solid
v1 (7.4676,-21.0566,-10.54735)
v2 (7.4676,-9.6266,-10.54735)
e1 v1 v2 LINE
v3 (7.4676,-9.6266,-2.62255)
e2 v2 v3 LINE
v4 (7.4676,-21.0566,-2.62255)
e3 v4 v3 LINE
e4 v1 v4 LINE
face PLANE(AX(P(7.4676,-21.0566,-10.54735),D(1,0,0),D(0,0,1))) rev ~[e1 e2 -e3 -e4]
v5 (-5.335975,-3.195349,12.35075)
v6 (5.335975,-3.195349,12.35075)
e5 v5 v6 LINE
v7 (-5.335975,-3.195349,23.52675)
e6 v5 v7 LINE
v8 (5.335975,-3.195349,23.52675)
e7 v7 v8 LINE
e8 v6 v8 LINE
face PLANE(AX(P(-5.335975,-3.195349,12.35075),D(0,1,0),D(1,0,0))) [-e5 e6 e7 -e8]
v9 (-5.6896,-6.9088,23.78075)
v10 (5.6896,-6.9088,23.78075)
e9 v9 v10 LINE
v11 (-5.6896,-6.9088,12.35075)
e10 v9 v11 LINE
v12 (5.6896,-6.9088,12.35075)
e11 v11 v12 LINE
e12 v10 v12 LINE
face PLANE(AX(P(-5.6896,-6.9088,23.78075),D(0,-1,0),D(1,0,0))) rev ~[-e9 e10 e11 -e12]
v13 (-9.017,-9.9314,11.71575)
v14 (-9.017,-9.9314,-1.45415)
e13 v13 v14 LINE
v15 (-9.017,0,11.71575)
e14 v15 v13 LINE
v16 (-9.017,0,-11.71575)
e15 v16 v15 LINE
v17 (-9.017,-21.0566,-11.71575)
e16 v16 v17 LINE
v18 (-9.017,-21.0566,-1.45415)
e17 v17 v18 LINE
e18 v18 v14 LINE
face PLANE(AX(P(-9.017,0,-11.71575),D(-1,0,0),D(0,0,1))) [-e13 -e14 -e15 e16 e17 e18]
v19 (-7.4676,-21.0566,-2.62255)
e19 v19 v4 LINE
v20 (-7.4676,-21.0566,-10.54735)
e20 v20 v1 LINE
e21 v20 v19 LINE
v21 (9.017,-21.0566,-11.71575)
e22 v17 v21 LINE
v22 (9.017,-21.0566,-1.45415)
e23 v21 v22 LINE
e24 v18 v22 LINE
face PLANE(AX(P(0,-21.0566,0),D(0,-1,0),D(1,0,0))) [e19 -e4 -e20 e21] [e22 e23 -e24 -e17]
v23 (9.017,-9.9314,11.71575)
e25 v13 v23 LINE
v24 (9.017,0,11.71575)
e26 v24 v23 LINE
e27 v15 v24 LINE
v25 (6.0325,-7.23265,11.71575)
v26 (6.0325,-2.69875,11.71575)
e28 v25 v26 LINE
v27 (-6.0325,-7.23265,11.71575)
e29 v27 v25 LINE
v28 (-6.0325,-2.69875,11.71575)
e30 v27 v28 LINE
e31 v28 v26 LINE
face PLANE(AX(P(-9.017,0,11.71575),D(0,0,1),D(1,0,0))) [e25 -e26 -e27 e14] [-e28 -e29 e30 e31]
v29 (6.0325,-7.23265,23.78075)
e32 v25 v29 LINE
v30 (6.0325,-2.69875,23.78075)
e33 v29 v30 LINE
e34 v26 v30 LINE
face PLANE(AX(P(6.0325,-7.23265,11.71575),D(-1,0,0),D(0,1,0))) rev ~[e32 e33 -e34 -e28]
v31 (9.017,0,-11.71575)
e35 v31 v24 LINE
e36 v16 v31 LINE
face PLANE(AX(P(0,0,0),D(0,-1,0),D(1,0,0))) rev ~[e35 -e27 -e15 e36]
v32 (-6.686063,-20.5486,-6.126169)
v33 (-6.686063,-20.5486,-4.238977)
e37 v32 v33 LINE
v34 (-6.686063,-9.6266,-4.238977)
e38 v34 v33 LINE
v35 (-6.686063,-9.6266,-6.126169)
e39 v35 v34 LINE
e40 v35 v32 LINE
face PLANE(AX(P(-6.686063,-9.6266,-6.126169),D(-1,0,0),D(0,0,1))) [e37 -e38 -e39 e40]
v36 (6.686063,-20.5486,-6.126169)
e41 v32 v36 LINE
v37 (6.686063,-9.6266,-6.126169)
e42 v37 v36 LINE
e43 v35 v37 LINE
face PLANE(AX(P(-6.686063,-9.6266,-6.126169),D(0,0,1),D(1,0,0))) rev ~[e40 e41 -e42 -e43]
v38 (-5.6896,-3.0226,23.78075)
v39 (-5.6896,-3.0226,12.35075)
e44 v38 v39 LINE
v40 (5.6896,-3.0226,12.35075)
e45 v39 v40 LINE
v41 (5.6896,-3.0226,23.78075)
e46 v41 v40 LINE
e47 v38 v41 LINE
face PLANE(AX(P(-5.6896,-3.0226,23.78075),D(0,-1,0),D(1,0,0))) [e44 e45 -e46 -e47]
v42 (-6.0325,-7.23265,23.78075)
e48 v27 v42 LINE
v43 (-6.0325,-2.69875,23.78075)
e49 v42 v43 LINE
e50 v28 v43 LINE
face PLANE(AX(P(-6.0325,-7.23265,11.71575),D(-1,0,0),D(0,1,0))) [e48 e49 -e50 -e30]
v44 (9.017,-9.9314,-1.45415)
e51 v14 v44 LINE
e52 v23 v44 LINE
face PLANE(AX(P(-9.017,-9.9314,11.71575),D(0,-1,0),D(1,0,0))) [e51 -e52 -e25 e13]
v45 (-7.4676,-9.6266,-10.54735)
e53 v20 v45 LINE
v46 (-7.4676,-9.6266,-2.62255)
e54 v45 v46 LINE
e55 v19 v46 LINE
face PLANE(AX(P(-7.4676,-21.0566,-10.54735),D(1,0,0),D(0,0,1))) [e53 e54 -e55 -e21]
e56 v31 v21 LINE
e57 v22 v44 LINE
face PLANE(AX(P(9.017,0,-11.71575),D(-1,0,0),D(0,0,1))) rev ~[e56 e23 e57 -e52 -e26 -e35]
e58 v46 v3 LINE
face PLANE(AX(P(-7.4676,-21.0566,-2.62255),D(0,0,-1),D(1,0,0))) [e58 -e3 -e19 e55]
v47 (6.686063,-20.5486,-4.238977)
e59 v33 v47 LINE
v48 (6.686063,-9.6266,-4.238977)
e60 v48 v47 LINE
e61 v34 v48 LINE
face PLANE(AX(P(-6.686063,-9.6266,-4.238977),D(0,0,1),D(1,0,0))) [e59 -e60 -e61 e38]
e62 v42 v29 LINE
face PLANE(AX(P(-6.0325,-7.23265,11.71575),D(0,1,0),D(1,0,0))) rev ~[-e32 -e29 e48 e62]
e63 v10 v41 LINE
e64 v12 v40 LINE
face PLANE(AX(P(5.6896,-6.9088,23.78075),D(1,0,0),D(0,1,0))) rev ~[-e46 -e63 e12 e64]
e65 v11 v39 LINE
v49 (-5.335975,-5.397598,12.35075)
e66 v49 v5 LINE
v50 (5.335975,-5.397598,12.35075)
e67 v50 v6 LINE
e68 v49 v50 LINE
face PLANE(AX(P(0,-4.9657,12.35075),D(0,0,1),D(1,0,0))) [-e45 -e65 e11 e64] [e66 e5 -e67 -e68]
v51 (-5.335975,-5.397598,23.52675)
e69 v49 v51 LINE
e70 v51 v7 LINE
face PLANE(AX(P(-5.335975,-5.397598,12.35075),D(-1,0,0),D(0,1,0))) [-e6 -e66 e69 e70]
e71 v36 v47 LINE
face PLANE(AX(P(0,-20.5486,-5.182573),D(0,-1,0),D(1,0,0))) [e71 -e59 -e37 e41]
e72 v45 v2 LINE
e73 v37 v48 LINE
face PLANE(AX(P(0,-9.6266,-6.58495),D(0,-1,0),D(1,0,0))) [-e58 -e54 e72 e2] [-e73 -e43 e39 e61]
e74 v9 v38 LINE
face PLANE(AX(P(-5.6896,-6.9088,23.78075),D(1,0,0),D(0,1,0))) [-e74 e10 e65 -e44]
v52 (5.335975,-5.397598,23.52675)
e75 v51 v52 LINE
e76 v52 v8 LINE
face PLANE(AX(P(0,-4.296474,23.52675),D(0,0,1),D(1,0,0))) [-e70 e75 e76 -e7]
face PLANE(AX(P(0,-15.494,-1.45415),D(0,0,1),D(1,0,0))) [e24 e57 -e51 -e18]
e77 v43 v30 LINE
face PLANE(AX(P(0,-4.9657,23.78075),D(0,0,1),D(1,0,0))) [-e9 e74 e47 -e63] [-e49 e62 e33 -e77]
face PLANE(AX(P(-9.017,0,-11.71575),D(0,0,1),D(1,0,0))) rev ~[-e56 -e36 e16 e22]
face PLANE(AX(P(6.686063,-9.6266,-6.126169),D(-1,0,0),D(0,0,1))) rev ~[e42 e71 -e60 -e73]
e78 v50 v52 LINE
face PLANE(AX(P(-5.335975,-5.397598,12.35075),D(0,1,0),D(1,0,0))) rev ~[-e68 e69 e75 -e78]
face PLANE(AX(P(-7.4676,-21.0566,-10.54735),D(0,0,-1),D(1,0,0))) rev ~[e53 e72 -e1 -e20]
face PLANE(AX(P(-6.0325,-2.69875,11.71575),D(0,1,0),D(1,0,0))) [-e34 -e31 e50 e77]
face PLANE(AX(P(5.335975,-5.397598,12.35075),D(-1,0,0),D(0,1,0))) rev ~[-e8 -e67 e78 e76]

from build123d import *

# Parameters (mm, degrees)
F0_W      = 18.034
F0_H      = 23.4315
F1_DEPTH  = 21.0566
F2_W      = 18.034
F2_H      = 11.1252
F3_DEPTH  = 13.1699
F4_W      = 12.065
F4_H      = 4.5339
F5_DEPTH  = 12.065
F6_W      = 14.9352
F6_H      = 7.9248
F7_DEPTH  = 11.43
F8_W      = 11.3792
F8_H      = 3.8862
F9_DEPTH  = 11.43
F10_W     = 10.67195
F10_H     = 2.202249
F11_DEPTH = 11.176
F12_W     = 13.372126
F12_H     = 1.887192
F13_DEPTH = 10.922


with BuildPart() as f1:
    # F0 (on Front) → F1 (new body)
    with BuildSketch(Plane.XZ):
        Rectangle(F0_W, F0_H)
    extrude(amount=F1_DEPTH)

    # F2 (on face) → F3 (cut)
    with BuildSketch(Plane.XY.offset(11.71575)):
        with Locations((0, -15.494)):
            Rectangle(F2_W, F2_H)
    extrude(amount=-F3_DEPTH, mode=Mode.SUBTRACT)

    # F4 (on face) → F5 (join)
    with BuildSketch(Plane.XY.offset(11.71575)):
        with Locations((0, -4.9657)):
            Rectangle(F4_W, F4_H)
    extrude(amount=F5_DEPTH)

    # F6 (on face) → F7 (cut)
    with BuildSketch(Plane.XZ.offset(21.0566)):
        with Locations((0, -6.58495)):
            Rectangle(F6_W, F6_H)
    extrude(amount=-F7_DEPTH, mode=Mode.SUBTRACT)

    # F8 (on face) → F9 (cut)
    with BuildSketch(Plane.XY.offset(23.78075)):
        with Locations((0, -4.9657)):
            Rectangle(F8_W, F8_H)
    extrude(amount=-F9_DEPTH, mode=Mode.SUBTRACT)

    # F10 (on face) → F11 (join)
    with BuildSketch(Plane.XY.offset(12.35075)):
        with Locations((0, -4.296474)):
            Rectangle(F10_W, F10_H)
    extrude(amount=F11_DEPTH)

    # F12 (on face) → F13 (join)
    with BuildSketch(Plane.XZ.offset(9.6266)):
        with Locations((0, -5.182573)):
            Rectangle(F12_W, F12_H)
    extrude(amount=F13_DEPTH)


solid = f1.part
